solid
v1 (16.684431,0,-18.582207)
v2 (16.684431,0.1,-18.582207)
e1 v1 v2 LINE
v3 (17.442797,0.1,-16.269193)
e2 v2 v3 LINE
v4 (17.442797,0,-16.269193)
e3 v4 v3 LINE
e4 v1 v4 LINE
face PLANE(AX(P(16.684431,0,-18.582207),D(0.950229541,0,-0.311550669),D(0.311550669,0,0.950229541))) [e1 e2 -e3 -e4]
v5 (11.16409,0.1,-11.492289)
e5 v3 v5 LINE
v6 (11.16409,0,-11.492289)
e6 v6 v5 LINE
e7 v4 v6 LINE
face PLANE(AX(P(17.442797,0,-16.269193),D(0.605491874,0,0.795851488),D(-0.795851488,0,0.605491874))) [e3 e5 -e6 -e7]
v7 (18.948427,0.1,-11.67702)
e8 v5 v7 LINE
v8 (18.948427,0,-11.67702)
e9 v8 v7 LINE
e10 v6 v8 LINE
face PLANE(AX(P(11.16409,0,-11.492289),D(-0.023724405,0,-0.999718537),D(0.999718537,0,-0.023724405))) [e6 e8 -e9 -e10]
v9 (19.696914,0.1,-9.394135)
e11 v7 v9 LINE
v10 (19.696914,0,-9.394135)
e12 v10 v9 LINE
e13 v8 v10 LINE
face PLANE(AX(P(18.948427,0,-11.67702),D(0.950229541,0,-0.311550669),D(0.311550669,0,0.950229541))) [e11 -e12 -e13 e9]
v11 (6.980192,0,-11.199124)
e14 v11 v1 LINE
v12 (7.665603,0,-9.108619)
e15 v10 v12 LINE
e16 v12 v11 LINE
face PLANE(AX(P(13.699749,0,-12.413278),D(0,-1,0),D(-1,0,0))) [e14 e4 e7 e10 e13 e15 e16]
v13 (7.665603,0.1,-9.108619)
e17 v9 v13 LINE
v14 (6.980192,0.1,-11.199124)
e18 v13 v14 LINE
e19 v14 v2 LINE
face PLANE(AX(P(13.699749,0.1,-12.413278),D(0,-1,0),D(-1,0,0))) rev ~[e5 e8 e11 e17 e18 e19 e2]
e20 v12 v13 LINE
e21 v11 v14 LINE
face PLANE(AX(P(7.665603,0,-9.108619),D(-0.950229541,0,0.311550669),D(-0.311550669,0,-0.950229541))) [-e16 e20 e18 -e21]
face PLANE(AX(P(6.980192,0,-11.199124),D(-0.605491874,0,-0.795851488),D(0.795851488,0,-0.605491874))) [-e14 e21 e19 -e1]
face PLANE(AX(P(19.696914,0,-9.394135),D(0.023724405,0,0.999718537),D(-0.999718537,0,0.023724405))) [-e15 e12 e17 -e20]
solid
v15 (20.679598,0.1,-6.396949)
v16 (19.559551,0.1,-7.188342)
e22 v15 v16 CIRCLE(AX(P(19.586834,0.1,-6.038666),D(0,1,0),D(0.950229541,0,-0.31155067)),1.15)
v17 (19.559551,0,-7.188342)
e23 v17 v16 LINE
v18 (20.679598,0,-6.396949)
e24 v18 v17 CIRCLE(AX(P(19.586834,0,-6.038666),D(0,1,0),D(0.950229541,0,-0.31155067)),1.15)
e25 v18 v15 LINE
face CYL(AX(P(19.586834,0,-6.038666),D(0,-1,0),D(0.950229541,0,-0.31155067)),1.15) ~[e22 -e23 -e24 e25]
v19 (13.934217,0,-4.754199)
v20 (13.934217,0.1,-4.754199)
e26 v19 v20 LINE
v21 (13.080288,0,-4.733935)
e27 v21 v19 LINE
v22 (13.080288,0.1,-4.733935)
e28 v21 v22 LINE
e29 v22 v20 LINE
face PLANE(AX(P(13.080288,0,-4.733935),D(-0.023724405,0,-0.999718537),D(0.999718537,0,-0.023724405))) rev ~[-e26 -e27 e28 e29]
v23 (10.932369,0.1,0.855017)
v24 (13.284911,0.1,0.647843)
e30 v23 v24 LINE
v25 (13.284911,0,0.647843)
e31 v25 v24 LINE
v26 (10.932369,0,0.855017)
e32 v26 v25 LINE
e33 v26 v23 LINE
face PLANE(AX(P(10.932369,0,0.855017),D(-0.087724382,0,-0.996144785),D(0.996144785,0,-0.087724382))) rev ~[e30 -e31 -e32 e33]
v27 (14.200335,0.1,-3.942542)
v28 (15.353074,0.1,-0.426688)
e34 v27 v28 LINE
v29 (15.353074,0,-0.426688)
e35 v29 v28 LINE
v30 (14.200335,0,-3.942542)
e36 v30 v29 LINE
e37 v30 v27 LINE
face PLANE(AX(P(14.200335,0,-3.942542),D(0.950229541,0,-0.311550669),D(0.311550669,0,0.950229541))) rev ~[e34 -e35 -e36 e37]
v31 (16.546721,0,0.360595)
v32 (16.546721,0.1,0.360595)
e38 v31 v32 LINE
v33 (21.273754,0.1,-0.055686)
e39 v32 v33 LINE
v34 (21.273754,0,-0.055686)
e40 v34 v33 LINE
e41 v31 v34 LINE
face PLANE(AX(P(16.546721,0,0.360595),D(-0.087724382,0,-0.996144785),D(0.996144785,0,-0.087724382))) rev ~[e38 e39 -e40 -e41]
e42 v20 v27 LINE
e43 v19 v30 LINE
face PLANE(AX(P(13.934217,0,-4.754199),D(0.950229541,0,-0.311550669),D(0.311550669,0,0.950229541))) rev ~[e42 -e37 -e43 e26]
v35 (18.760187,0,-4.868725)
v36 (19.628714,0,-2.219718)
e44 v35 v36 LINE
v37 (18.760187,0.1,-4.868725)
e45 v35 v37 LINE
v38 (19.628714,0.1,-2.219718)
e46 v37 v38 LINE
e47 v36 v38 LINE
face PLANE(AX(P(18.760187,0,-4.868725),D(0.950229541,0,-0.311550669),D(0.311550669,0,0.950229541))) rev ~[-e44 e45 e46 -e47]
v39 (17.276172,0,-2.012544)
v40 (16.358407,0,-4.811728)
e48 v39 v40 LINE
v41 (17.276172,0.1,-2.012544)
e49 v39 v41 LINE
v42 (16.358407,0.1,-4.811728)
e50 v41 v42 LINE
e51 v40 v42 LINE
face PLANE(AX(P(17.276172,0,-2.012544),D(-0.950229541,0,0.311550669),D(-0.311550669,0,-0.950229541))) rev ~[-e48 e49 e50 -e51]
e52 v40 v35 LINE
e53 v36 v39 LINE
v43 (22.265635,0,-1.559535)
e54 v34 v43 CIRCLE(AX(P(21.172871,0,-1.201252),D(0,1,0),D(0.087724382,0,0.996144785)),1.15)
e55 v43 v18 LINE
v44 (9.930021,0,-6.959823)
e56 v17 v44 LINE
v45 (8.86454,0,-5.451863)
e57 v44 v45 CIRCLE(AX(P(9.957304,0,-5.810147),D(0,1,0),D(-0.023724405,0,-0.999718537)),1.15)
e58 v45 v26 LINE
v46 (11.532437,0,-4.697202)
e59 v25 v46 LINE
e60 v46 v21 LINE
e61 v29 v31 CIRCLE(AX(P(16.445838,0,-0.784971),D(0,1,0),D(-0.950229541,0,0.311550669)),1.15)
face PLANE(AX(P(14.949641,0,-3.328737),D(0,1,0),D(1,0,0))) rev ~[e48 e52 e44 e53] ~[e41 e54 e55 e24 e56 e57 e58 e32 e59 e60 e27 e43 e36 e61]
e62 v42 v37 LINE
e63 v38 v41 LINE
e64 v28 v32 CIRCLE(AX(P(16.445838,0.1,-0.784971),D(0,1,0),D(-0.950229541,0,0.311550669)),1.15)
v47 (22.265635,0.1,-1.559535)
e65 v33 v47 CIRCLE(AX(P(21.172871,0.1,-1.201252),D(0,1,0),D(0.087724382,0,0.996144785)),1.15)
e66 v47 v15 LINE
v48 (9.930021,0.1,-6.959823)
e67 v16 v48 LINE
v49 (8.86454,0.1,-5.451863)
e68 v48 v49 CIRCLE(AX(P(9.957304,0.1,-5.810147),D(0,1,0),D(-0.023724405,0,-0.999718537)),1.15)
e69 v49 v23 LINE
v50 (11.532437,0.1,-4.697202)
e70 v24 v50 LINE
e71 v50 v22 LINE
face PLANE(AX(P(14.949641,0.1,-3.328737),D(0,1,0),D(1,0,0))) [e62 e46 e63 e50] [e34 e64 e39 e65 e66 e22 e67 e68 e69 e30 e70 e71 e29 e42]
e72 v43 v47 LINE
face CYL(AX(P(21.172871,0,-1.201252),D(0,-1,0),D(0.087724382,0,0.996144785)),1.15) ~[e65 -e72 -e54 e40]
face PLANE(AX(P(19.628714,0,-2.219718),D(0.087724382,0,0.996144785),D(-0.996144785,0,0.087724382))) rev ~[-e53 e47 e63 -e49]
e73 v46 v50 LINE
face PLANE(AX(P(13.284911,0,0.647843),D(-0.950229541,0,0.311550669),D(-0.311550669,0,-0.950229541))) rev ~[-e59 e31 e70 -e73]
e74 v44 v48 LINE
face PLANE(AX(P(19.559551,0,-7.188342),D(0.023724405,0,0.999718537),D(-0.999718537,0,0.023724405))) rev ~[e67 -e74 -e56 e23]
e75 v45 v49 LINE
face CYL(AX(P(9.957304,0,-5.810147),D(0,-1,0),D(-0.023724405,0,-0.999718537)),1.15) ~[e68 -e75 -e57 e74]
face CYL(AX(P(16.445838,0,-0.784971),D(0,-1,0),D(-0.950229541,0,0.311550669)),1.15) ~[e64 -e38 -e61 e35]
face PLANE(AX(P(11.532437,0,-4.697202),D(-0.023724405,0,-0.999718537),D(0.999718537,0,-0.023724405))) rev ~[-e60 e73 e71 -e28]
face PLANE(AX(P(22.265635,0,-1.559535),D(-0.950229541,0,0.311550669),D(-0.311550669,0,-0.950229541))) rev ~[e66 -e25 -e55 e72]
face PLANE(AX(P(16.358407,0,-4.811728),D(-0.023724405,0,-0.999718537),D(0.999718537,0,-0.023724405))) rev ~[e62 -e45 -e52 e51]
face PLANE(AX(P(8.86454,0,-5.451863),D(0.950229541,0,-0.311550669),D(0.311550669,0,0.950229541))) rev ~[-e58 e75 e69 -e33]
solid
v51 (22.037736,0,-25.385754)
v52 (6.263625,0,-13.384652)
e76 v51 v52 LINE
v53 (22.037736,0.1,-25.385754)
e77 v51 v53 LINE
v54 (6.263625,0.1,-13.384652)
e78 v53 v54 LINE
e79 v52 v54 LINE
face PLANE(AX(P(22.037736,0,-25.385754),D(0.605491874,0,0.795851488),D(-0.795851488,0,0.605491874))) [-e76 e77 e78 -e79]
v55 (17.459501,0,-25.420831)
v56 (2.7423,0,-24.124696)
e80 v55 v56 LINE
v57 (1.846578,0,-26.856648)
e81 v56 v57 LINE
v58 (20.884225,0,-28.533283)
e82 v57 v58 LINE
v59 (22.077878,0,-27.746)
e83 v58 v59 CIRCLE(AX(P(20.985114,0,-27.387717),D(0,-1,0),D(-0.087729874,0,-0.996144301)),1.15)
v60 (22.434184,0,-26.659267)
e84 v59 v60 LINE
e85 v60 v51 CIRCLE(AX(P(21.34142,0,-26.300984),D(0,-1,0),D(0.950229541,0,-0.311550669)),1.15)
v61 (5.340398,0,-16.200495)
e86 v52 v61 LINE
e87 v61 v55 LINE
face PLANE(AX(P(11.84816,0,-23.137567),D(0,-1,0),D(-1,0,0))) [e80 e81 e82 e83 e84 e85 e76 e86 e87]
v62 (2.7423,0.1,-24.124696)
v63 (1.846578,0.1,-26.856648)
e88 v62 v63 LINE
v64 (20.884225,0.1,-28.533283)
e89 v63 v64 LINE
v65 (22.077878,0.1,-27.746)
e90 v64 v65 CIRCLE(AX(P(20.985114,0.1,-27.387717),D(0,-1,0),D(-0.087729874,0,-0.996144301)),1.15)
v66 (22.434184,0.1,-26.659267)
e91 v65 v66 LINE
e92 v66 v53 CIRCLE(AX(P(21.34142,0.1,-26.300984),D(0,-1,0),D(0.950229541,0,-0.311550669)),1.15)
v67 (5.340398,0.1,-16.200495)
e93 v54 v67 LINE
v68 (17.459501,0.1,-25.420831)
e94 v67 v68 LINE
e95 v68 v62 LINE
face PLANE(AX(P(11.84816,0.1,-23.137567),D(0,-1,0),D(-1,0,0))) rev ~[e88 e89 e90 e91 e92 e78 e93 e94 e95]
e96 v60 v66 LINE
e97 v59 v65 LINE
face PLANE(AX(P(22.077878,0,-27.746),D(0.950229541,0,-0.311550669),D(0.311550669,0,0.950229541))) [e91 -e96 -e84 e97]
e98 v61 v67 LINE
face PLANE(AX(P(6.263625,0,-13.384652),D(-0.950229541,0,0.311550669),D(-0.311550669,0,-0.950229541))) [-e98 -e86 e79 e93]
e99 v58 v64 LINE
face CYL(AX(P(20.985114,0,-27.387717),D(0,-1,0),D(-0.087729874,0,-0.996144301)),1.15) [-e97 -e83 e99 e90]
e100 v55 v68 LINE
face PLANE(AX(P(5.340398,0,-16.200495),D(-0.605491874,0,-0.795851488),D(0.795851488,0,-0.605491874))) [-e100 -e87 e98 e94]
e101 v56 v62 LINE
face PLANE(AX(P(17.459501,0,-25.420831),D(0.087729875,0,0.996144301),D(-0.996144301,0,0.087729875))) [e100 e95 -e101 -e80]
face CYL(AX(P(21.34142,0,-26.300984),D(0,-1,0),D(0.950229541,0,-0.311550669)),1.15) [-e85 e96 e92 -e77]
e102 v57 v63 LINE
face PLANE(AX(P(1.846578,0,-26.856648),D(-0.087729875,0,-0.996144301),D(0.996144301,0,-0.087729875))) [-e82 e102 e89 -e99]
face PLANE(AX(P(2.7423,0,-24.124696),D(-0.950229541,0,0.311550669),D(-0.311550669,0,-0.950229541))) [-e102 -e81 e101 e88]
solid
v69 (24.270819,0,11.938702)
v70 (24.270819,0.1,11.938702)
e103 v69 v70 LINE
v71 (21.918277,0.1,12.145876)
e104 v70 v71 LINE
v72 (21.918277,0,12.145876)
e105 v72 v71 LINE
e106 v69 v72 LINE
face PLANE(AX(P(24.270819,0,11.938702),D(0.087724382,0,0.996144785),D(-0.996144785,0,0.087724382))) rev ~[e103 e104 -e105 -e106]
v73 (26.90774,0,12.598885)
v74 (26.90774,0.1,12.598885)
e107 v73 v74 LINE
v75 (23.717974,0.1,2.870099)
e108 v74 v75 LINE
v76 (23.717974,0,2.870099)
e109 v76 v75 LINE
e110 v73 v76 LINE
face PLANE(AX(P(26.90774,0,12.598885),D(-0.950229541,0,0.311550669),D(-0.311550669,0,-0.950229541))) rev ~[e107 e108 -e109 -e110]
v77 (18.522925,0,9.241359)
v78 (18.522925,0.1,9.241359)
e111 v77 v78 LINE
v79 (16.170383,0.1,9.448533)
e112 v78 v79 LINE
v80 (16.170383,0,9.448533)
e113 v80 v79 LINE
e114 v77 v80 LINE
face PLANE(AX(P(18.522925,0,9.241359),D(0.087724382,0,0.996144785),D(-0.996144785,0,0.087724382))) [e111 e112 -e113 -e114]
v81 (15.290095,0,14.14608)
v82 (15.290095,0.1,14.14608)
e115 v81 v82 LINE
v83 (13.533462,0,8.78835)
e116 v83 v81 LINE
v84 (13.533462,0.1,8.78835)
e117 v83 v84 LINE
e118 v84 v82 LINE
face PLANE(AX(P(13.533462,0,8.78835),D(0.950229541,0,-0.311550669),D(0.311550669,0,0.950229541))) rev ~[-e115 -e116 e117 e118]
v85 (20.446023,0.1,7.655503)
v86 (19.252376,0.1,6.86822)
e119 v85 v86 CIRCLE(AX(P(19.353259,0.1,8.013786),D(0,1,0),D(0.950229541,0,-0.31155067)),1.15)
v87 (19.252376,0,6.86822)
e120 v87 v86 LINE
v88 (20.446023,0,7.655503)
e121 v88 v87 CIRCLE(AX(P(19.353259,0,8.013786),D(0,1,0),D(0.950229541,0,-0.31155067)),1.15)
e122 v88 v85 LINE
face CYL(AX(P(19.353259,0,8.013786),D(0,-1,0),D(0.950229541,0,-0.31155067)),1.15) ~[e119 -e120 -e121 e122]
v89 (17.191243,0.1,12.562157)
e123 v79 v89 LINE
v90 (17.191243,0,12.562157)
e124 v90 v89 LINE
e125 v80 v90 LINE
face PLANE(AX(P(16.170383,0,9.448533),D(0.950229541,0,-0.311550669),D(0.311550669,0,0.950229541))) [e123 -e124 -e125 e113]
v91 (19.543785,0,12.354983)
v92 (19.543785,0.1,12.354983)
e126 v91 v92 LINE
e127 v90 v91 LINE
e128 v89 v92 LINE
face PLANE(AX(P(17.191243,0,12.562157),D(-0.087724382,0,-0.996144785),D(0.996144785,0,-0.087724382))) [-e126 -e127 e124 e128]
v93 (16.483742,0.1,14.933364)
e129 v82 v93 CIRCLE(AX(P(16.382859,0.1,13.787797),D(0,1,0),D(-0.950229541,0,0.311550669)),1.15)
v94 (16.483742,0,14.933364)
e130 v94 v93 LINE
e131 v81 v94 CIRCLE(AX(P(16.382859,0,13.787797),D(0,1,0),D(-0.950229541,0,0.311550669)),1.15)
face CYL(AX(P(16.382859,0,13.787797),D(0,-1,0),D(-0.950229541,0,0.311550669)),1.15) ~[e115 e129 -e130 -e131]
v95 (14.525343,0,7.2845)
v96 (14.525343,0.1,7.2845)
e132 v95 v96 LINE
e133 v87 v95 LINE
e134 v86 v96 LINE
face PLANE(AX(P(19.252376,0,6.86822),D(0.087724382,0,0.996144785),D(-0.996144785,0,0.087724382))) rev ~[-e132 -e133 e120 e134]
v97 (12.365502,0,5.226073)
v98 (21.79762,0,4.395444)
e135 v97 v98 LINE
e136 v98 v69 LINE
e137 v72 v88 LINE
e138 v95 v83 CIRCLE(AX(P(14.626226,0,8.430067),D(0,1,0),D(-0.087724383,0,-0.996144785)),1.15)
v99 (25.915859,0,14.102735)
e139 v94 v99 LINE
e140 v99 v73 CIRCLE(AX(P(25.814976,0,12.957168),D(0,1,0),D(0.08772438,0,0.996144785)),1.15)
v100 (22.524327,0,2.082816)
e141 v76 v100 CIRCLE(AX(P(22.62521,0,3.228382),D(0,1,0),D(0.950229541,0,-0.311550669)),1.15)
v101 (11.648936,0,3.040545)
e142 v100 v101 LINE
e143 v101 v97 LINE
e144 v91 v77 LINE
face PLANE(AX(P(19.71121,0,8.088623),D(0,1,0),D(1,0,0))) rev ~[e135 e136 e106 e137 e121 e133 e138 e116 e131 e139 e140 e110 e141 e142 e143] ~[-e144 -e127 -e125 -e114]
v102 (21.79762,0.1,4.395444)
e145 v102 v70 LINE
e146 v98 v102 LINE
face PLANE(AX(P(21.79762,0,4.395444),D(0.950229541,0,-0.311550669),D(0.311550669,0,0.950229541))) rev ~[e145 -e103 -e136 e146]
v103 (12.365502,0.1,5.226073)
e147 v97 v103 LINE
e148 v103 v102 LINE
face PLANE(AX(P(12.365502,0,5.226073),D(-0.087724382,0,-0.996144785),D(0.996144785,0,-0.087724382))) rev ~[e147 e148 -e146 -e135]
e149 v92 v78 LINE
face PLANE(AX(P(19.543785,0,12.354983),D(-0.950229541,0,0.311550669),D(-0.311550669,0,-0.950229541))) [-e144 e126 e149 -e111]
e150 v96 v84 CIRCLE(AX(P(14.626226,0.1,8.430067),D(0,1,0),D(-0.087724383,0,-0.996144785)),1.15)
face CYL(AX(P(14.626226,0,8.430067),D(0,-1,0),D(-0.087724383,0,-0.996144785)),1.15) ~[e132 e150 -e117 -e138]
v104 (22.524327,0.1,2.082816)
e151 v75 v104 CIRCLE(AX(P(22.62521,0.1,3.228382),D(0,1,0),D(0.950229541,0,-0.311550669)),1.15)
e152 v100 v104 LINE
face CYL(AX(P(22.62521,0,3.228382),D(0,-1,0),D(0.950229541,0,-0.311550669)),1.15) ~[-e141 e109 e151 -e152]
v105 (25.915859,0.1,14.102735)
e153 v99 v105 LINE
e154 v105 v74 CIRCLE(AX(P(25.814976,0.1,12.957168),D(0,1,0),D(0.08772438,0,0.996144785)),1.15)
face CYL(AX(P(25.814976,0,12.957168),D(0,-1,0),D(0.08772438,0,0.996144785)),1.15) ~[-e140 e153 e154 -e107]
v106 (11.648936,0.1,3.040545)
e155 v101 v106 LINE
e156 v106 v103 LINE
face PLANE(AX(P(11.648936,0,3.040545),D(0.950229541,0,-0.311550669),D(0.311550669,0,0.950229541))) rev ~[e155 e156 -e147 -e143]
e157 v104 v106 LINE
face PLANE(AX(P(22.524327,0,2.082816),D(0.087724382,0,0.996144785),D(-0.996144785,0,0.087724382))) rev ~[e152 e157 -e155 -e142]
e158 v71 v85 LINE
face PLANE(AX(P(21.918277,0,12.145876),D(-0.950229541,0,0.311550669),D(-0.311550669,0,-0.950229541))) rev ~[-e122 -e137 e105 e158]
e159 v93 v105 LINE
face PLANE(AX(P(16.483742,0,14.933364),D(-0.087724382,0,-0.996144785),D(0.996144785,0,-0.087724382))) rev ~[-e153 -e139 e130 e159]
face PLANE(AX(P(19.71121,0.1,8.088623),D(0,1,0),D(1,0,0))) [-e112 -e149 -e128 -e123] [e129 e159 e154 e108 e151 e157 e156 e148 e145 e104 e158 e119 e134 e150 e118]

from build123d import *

# Parameters (mm, degrees)
BOSS_EXTRUDE1_DEPTH   = 0.1
BOSS_EXTRUDE1_2_DEPTH = 0.1
BOSS_EXTRUDE1_3_DEPTH = 0.1
BOSS_EXTRUDE1_4_DEPTH = 0.1


with BuildPart() as part:
    # Sketch1 → Boss-Extrude1 (new body)
    with BuildSketch(Plane(origin=(0, 0, 0), x_dir=(1, 0, 0), z_dir=(0, 1, 0))):
        Polygon((6.98019195, 11.199123603), (16.684431195, 18.582207132), (17.442796564, 16.269192757), (11.164089792, 11.492289037), (18.948427041, 11.677019802), (19.696913973, 9.394134661), (7.665603422, 9.108618613), align=None)
    extrude(amount=BOSS_EXTRUDE1_DEPTH)


with BuildPart() as body_2:
    # Sketch1 → Boss-Extrude1 2 (new body)
    with BuildSketch(Plane(origin=(0, 0, 0), x_dir=(1, 0, 0), z_dir=(0, 1, 0))):
        with BuildLine():
            Line((19.559550761, 7.188342037), (9.930020512, 6.959822841))
            ThreePointArc((9.930020512, 6.959822841), (9.018095469, 6.473763981), (8.864539605, 5.451863254))
            Line((8.864539605, 5.451863254), (10.932369195, -0.855016994))
            Line((10.932369195, -0.855016994), (13.284911092, -0.64784301))
            Line((13.284911092, -0.64784301), (11.532437194, 4.697202379))
            Line((11.532437194, 4.697202379), (13.080287744, 4.733934551))
            Line((13.080287744, 4.733934551), (13.934217495, 4.75419923))
            Line((13.934217495, 4.75419923), (14.200334782, 3.942541503))
            Line((14.200334782, 3.942541503), (15.353073683, 0.426687855))
            ThreePointArc((15.353073683, 0.426687855), (15.812662586, -0.175023319), (16.546720694, -0.360595378))
            Line((16.546720694, -0.360595378), (21.273754131, 0.05568556))
            ThreePointArc((21.273754131, 0.05568556), (22.132865535, 0.568076993), (22.265635064, 1.559535333))
            Line((22.265635064, 1.559535333), (20.679597799, 6.39694899))
            ThreePointArc((20.679597799, 6.39694899), (20.250451284, 6.977873828), (19.559550761, 7.188342037))
        make_face()
        Polygon((17.276171965, 2.012544247), (16.358406841, 4.811727872), (18.760187142, 4.868724724), (19.628713861, 2.219718231), align=None, mode=Mode.SUBTRACT)
    extrude(amount=BOSS_EXTRUDE1_2_DEPTH)


with BuildPart() as body_3:
    # Sketch1 → Boss-Extrude1 3 (new body)
    with BuildSketch(Plane(origin=(0, 0, 0), x_dir=(1, 0, 0), z_dir=(0, 1, 0))):
        with BuildLine():
            Line((6.263625411, 13.384651547), (5.340398005, 16.200495135))
            Line((5.340398005, 16.200495135), (17.459500781, 25.420831303))
            Line((17.459500781, 25.420831303), (2.742299504, 24.124695563))
            Line((2.742299504, 24.124695563), (1.846577535, 26.85664757))
            Line((1.846577535, 26.85664757), (20.884224807, 28.533282589))
            ThreePointArc((20.884224807, 28.533282589), (21.618286586, 28.347712831), (22.077878135, 27.745999912))
            Line((22.077878135, 27.745999912), (22.434184025, 26.659266946))
            ThreePointArc((22.434184025, 26.659266946), (22.439445548, 25.959164993), (22.037735709, 25.385754466))
            Line((22.037735709, 25.385754466), (6.263625411, 13.384651547))
        make_face()
    extrude(amount=BOSS_EXTRUDE1_3_DEPTH)


with BuildPart() as body_4:
    # Sketch1 → Boss-Extrude1 4 (new body)
    with BuildSketch(Plane(origin=(0, 0, 0), x_dir=(1, 0, 0), z_dir=(0, 1, 0))):
        with BuildLine():
            Line((11.648935734, -3.040544938), (12.365502273, -5.226072882))
            Line((12.365502273, -5.226072882), (21.797619503, -4.395443977))
            Line((21.797619503, -4.395443977), (24.270818832, -11.93870193))
            Line((24.270818832, -11.93870193), (21.918276935, -12.145875914))
            Line((21.918276935, -12.145875914), (20.446023451, -7.655502787))
            ThreePointArc((20.446023451, -7.655502787), (19.986434548, -7.053791613), (19.25237644, -6.868219553))
            Line((19.25237644, -6.868219553), (14.525343003, -7.284500491))
            ThreePointArc((14.525343003, -7.284500491), (13.666231599, -7.796891925), (13.53346207, -8.788350264))
            Line((13.53346207, -8.788350264), (15.29009486, -14.146080273))
            ThreePointArc((15.29009486, -14.146080273), (15.749683763, -14.747791447), (16.483741871, -14.933363506))
            Line((16.483741871, -14.933363506), (25.915859101, -14.1027346))
            ThreePointArc((25.915859101, -14.1027346), (26.774970506, -13.590343167), (26.907740034, -12.598884828))
            Line((26.907740034, -12.598884828), (23.717974166, -2.870098931))
            ThreePointArc((23.717974166, -2.870098931), (23.258385264, -2.268387757), (22.524327155, -2.082815697))
            Line((22.524327155, -2.082815697), (11.648935734, -3.040544938))
        make_face()
        Polygon((17.191243499, -12.562156852), (19.543785396, -12.354982868), (18.522925169, -9.241359178), (16.170383273, -9.448533162), align=None, mode=Mode.SUBTRACT)
    extrude(amount=BOSS_EXTRUDE1_4_DEPTH)


solid = Compound([part.part, body_2.part, body_3.part, body_4.part])
